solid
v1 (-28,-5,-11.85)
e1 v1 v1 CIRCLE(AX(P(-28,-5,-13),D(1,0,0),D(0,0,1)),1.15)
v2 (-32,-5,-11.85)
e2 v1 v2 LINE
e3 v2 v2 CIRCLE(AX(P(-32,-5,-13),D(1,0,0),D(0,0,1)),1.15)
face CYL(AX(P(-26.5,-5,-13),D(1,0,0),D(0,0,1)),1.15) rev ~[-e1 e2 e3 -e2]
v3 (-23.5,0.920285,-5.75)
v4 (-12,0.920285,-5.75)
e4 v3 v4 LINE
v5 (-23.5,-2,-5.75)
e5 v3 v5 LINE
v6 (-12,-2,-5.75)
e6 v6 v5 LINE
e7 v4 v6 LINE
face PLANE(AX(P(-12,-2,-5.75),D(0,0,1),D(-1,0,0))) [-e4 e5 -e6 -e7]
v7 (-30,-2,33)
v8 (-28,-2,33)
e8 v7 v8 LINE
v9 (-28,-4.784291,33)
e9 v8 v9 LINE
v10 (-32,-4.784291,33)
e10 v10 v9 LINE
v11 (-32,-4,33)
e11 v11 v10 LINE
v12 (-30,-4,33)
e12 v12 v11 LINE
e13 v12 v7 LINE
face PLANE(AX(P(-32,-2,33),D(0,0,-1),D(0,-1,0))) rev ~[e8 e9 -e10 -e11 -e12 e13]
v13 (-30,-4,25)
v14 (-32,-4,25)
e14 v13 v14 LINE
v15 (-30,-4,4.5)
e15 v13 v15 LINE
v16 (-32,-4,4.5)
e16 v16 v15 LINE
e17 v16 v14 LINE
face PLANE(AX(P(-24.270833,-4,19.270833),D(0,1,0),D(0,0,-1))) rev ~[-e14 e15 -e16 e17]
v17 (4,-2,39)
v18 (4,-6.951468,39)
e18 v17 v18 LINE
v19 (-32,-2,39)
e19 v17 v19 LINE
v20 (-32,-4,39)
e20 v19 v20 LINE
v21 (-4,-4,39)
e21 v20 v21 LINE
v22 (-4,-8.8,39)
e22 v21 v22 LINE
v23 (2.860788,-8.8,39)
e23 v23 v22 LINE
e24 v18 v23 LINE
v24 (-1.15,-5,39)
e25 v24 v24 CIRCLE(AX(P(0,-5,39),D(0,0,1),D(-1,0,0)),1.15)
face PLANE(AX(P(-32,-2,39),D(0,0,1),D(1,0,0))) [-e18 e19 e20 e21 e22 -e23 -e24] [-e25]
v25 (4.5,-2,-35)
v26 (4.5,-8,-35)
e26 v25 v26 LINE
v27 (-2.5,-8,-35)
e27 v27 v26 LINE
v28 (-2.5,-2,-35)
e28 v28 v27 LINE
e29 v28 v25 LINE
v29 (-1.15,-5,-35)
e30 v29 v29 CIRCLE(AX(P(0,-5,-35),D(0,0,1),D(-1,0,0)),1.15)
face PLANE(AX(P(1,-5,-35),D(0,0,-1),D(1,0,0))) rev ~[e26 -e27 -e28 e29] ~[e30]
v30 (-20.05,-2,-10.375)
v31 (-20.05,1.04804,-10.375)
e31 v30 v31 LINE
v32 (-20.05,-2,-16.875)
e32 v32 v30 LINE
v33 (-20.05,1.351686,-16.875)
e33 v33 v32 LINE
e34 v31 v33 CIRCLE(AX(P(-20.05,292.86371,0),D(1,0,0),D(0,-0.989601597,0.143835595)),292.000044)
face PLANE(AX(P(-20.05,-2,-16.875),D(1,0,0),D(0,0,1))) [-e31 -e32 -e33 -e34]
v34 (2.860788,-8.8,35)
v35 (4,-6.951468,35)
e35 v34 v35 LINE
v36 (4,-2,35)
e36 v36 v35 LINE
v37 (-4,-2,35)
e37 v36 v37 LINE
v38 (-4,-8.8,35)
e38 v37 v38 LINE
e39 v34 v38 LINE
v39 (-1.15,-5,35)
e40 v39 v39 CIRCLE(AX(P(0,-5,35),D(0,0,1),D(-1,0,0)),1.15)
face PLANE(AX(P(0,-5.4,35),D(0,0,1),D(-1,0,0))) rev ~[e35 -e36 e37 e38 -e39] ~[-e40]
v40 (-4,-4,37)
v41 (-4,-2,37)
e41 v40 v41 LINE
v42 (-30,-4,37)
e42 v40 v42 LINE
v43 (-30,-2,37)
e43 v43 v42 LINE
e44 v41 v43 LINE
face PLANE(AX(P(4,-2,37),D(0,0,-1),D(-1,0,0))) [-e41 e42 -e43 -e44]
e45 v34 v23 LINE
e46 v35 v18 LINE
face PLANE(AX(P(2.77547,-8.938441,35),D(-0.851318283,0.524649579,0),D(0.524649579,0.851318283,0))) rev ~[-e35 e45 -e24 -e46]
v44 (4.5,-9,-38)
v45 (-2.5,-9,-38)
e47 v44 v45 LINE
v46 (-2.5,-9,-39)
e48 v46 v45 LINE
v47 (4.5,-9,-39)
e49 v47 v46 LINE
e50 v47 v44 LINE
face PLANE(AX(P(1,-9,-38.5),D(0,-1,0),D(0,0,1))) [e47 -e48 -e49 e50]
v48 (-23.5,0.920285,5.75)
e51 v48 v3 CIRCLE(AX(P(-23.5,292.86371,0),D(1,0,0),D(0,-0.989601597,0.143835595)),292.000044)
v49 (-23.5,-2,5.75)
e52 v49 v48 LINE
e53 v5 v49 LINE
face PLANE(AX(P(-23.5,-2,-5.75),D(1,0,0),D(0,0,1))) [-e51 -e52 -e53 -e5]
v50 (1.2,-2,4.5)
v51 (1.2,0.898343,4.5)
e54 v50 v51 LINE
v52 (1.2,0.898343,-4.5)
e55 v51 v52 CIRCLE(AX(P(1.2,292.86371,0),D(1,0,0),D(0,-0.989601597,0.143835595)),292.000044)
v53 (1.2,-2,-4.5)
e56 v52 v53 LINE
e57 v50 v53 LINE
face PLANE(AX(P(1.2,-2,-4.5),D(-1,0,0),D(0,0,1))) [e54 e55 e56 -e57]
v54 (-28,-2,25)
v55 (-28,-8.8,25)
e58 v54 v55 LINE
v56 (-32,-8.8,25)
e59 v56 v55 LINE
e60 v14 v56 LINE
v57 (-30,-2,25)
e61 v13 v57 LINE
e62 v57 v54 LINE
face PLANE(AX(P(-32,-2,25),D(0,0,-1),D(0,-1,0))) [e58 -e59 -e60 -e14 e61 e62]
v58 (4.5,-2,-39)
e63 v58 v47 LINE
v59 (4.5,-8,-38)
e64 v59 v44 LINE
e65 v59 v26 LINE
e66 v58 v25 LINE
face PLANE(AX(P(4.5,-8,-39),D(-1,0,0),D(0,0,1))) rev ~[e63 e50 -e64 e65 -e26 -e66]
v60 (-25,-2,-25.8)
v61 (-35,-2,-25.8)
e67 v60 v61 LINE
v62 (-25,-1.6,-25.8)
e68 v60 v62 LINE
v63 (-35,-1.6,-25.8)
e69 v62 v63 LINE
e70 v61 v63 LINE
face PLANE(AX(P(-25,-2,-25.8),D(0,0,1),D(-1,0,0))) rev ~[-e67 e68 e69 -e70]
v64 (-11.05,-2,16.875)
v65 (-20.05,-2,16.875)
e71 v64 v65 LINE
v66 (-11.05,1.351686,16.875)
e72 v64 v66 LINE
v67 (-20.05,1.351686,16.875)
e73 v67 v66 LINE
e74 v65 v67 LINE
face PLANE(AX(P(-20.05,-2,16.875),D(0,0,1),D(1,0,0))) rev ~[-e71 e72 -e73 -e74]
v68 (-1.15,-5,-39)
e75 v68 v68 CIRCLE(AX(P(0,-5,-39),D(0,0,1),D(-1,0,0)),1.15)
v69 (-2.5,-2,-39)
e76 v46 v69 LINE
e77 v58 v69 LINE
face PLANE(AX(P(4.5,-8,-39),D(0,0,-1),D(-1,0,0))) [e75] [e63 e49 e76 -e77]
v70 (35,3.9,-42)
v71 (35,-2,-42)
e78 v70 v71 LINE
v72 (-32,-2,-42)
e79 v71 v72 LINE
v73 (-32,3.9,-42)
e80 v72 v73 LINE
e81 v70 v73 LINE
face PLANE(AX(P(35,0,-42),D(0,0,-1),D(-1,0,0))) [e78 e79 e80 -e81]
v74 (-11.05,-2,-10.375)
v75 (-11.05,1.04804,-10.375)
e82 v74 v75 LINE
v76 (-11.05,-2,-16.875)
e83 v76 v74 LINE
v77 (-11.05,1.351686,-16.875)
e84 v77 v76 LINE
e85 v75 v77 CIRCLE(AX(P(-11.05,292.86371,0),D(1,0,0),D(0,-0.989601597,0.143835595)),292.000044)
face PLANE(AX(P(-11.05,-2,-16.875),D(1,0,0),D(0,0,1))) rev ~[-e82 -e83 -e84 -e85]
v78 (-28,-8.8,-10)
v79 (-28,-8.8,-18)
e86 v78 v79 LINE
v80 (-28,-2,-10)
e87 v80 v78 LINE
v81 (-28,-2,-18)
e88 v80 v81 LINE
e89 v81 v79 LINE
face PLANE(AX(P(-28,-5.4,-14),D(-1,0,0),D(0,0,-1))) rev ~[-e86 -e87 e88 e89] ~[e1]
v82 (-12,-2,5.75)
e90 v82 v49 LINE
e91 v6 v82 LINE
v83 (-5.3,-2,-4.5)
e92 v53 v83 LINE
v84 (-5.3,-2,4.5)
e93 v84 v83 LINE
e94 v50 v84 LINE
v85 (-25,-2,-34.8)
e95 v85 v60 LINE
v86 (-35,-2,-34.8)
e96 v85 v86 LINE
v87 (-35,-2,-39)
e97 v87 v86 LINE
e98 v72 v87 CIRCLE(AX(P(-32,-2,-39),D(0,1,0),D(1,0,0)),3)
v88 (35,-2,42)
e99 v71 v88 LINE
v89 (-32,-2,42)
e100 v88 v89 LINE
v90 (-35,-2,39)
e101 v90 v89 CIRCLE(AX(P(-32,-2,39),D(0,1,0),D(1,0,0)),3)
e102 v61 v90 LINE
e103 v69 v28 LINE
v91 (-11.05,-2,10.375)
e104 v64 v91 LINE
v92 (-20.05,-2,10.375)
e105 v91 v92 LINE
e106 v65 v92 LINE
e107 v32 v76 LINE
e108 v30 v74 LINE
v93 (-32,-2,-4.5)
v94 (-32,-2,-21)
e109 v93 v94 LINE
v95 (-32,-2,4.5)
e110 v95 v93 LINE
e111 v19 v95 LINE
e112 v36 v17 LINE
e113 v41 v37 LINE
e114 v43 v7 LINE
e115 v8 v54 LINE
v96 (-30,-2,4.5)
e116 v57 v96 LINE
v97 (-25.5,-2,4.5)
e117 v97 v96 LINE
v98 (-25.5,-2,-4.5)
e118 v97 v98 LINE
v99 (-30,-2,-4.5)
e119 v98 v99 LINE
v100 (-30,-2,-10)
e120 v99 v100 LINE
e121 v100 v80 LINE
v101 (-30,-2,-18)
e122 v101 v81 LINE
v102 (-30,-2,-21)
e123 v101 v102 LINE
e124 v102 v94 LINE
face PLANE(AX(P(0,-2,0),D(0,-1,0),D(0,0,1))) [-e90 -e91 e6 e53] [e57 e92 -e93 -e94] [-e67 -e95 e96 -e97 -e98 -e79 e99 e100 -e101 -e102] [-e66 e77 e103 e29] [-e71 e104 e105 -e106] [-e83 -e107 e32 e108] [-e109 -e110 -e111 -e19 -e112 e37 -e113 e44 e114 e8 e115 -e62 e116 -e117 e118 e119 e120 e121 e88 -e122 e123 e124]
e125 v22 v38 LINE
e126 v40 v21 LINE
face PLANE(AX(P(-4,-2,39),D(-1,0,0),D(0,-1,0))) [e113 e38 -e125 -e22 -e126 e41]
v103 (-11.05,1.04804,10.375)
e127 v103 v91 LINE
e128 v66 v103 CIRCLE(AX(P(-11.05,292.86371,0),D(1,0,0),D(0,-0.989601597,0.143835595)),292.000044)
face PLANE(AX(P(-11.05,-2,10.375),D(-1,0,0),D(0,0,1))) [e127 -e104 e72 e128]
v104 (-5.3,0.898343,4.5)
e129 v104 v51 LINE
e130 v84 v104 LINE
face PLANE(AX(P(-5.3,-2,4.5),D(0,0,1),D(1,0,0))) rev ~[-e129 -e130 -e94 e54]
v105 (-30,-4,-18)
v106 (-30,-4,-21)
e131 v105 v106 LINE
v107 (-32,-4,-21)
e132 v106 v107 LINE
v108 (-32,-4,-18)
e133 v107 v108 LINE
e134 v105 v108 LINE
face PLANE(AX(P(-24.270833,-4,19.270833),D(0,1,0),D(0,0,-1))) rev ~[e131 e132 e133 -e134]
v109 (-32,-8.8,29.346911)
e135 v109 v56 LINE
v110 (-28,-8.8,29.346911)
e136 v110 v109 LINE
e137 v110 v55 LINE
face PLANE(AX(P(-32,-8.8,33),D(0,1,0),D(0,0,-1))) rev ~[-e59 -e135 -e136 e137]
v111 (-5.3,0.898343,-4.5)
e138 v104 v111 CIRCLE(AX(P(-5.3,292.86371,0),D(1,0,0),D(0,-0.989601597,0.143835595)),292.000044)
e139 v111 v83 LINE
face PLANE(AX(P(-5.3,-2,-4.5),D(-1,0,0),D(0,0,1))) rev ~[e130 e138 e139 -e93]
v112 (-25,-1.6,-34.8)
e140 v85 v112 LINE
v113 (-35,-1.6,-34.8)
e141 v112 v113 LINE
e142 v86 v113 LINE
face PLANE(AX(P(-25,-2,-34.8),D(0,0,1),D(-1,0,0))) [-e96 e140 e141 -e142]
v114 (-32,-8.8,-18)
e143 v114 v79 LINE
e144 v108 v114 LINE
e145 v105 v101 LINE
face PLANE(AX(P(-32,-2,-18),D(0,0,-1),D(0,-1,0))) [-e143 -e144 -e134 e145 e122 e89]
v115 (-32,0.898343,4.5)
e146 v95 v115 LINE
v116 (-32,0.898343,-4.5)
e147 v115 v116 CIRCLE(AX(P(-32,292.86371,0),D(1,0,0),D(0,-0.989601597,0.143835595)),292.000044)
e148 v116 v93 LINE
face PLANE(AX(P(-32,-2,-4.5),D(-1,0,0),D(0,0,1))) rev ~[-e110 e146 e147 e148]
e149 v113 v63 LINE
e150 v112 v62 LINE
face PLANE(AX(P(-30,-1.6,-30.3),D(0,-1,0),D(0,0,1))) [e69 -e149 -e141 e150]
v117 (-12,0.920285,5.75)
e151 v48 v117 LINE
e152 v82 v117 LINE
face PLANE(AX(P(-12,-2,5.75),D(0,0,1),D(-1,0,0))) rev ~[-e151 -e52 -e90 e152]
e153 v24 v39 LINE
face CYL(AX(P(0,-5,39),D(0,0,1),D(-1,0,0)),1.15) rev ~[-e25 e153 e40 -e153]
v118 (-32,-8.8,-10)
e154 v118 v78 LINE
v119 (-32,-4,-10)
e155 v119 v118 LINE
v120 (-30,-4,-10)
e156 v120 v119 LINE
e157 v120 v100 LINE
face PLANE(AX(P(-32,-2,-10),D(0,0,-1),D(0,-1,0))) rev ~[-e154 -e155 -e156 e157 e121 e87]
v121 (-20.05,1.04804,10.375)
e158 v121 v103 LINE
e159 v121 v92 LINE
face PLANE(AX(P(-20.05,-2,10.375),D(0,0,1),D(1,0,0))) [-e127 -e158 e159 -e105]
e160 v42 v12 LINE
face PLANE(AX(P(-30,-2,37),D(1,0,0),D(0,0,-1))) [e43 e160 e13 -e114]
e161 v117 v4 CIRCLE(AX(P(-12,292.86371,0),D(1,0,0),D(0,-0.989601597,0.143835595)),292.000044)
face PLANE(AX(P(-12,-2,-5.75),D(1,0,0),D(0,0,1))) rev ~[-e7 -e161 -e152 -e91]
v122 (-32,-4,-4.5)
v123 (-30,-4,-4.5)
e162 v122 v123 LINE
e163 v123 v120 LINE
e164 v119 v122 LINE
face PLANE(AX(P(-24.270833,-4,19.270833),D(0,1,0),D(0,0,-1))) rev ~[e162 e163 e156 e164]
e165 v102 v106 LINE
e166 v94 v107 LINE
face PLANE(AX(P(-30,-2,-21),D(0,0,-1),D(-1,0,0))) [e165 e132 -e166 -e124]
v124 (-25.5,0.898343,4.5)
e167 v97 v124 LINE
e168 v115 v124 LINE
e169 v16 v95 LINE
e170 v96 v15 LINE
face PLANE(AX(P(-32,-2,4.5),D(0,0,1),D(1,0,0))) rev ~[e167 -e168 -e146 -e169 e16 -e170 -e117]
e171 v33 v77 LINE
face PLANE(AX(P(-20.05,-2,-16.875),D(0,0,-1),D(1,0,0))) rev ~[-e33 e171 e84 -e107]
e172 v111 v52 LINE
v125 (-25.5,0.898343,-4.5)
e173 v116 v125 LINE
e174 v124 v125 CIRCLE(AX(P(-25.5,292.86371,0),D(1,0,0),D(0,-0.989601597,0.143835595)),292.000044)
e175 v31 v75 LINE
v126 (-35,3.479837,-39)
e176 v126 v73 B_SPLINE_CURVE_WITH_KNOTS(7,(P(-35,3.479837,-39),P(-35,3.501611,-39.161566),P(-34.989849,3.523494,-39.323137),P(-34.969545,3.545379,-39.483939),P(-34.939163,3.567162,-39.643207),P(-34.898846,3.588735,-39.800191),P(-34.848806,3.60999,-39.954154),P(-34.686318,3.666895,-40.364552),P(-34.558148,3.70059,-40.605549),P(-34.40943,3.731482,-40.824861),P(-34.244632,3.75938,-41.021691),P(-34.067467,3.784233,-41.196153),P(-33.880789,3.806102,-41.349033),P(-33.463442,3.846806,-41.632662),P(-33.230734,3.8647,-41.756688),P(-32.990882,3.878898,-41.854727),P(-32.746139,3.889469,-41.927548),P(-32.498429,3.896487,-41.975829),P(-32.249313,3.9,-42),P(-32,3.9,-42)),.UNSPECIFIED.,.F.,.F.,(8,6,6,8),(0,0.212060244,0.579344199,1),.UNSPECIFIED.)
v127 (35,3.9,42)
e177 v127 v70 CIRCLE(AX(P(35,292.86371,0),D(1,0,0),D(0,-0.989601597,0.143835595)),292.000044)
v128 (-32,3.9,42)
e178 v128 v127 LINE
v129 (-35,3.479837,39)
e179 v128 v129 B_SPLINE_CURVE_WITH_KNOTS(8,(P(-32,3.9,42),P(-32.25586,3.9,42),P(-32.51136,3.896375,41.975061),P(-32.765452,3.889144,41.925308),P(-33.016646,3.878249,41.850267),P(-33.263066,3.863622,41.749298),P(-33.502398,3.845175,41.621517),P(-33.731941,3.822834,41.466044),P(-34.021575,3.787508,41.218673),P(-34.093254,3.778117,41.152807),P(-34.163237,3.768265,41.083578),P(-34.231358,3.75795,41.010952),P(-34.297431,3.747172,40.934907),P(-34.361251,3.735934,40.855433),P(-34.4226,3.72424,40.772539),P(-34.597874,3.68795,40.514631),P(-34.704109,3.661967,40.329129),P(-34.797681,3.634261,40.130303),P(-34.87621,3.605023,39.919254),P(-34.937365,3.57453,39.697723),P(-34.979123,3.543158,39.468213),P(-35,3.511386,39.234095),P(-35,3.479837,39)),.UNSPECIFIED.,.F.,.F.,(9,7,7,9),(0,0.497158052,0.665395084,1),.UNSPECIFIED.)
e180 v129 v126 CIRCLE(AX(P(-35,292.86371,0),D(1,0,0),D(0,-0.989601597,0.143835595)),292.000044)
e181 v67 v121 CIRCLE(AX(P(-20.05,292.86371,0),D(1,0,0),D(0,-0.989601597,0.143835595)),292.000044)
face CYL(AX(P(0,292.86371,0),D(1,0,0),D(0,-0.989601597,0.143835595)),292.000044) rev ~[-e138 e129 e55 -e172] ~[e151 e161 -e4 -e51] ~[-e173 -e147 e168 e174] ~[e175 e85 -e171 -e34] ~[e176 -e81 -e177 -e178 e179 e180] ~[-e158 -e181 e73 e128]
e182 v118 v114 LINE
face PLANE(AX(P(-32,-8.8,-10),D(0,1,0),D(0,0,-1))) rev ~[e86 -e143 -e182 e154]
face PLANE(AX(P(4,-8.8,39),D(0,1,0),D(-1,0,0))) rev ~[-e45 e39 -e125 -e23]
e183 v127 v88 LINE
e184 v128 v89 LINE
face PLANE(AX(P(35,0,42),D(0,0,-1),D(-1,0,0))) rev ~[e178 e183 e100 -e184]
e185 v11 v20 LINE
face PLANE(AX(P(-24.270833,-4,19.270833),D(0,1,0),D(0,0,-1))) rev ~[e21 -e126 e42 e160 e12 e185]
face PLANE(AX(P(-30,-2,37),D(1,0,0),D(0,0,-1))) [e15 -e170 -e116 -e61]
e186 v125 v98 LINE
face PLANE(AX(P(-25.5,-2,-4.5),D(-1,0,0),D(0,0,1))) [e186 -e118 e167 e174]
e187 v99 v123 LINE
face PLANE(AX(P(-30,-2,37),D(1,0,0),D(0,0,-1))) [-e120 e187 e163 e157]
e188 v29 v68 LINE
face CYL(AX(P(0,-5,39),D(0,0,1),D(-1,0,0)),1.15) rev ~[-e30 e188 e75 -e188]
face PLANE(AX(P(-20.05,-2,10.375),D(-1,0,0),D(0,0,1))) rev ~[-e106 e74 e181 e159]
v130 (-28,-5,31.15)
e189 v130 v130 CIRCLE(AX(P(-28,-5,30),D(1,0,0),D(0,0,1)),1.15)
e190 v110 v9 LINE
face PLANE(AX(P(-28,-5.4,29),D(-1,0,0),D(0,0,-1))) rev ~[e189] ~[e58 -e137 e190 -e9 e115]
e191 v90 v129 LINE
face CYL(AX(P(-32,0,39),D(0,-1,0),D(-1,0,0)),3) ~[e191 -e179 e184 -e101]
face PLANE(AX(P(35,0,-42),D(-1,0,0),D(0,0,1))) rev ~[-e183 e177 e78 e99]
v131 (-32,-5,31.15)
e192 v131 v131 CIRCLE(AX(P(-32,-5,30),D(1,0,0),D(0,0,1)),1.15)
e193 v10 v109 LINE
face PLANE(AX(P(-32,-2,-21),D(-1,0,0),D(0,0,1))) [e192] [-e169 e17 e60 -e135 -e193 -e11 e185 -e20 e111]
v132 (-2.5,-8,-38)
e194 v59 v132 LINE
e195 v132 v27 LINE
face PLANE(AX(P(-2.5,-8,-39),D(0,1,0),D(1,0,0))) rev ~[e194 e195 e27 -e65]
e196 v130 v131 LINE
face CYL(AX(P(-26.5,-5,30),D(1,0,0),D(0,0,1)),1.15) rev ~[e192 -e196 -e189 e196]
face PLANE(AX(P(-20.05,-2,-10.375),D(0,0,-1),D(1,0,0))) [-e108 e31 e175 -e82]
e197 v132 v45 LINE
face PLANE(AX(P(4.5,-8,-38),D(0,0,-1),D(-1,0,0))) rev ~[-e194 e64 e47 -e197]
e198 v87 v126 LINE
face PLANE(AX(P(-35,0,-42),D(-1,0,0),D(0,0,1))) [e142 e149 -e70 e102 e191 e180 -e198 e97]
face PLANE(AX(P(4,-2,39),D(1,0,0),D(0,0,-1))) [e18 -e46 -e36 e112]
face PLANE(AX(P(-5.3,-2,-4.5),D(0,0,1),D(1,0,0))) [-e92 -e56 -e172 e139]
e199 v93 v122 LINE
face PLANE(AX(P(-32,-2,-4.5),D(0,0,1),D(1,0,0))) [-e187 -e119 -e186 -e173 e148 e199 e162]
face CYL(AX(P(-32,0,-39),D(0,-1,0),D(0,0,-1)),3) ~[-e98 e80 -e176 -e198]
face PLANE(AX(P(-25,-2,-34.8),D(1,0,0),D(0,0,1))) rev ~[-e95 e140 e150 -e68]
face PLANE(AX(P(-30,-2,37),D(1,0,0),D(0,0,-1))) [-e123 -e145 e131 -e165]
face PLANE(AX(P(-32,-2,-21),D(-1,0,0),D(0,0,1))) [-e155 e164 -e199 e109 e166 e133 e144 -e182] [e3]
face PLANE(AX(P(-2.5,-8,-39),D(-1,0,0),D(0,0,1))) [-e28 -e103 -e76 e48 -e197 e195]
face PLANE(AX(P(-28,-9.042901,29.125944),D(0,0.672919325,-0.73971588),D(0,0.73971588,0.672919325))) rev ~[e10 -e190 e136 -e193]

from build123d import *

# Parameters (mm, degrees)
SKETCH009_W             = 84
SKETCH009_H             = 70
PAD002_DEPTH            = 2
SKETCH010_W             = 2
SKETCH010_H             = 7
PAD003_DEPTH            = 2
SKETCH012_W             = 8
SKETCH012_H             = 6.8
PAD004_DEPTH            = 4
SKETCH013_W             = 7
SKETCH013_H             = 6
PAD005_DEPTH            = 4
SKETCH011_W             = 8
SKETCH011_H             = 6.8
PAD006_DEPTH            = 4
SKETCH014_R             = 1.15
POCKET002_DEPTH         = 81.001
SKETCH016_R             = 1.15
POCKET003_DEPTH         = 8.501
SKETCH018_W             = 11.5
SKETCH018_H             = 11.5
POCKET004_DEPTH         = 5
POCKET005_DEPTH         = 5
POCKET006_DEPTH         = 5
SKETCH021_W             = 1
SKETCH021_H             = 7
PAD007_DEPTH            = 1
SKETCH022_W             = 9
SKETCH022_H             = 10
POCKET007_DEPTH         = 0.4
FILLET_R                = 3
BODY002_PITCH_ANGLE     = -90
BODY002_PLACEMENT_ANGLE = 90
PAD001_DEPTH            = 35
SKETCH007_W             = 11.5
SKETCH007_H             = 11.5
POCKET001_DEPTH         = 13
FILLET001_R             = 3
SKETCH025_W             = 6.5
SKETCH025_H             = 9
SKETCH025_W_2           = 9
SKETCH025_H_2           = 6.5
POCKET008_DEPTH         = 8


with BuildPart() as back:
    # Sketch009 → Pad002 (new body)
    with BuildSketch(Plane.XY):
        Rectangle(SKETCH009_W, SKETCH009_H)
    extrude(amount=PAD002_DEPTH)

    # Sketch010 (on Face6 of Pad002) → Pad003 (join)
    with BuildSketch(Plane.XY.offset(2)):
        with Locations((-38, -1)):
            Rectangle(SKETCH010_W, SKETCH010_H)
        Polygon((-21, 32), (39, 32), (39, -4), (37, -4), (37, 30), (-21, 30), align=None)
    extrude(amount=PAD003_DEPTH)

    # Sketch012 (on Face15 of Pad003) → Pad004 (join)
    with BuildSketch(Plane.YZ.offset(39)):
        with Locations((0, 5.4)):
            Rectangle(SKETCH012_W, SKETCH012_H)
    extrude(amount=-PAD004_DEPTH)

    # Sketch013 (on Face9 of Pad004) → Pad005 (join)
    with BuildSketch(Plane(origin=(-39, 0, 0), x_dir=(0, -1, 0), z_dir=(-1, 0, 0))):
        with Locations((1, 5)):
            Rectangle(SKETCH013_W, SKETCH013_H)
    extrude(amount=-PAD005_DEPTH)

    # Sketch011 (on Face16 of Pad003) → Pad006 (join)
    with BuildSketch(Plane(origin=(0, 32, 0), x_dir=(-1, 0, 0), z_dir=(0, 1, 0))):
        with Locations((-29, 5.4)):
            Rectangle(SKETCH011_W, SKETCH011_H)
        with Locations((14, 5.4)):
            Rectangle(SKETCH011_W, SKETCH011_H)
    extrude(amount=-PAD006_DEPTH)

    # Sketch014 (on Face44 of Pad006) → Pocket002 (cut, through all)
    with BuildSketch(Plane.YZ.offset(39)):
        with Locations((0, 5)):
            Circle(SKETCH014_R)
    extrude(amount=-POCKET002_DEPTH, mode=Mode.SUBTRACT)

    # Sketch016 → Pocket003 (cut, through all)
    with BuildSketch(Plane.XZ.offset(-26.5)):
        with Locations((-13, 5)):
            Circle(SKETCH016_R)
        with Locations((30, 5)):
            Circle(SKETCH016_R)
    extrude(amount=-POCKET003_DEPTH, mode=Mode.SUBTRACT)

    # Sketch018 (on Face5 of Pocket003) → Pocket004 (cut)
    with BuildSketch(Plane.XY.offset(2)):
        with Locations((0, 17.75)):
            Rectangle(SKETCH018_W, SKETCH018_H)
    extrude(amount=-POCKET004_DEPTH, mode=Mode.SUBTRACT)

    # Sketch019 (on Face31 of Pocket004) → Pocket005 (cut)
    with BuildSketch(Plane.XZ.offset(-28)):
        Polygon((29.125944, 9.042901), (33.258869, 4.499726), (33.258869, 9.042901), align=None)
    extrude(amount=-POCKET005_DEPTH, mode=Mode.SUBTRACT)

    # Sketch020 (on Face36 of Pocket005) → Pocket006 (cut)
    with BuildSketch(Plane(origin=(35, 0, 0), x_dir=(0, -1, 0), z_dir=(-1, 0, 0))):
        Polygon((2.77547, 8.938441), (6.386171, 3.079567), (6.386171, 8.938441), align=None)
    extrude(amount=-POCKET006_DEPTH, mode=Mode.SUBTRACT)

    # Sketch021 (on Face40 of Pocket006) → Pad007 (join)
    with BuildSketch(Plane.XY.offset(8)):
        with Locations((-38.5, -1)):
            Rectangle(SKETCH021_W, SKETCH021_H)
    extrude(amount=PAD007_DEPTH)

    # Sketch022 (on Face5 of Pocket005) → Pocket007 (cut)
    with BuildSketch(Plane.XY.offset(2)):
        with Locations((-30.3, 30)):
            Rectangle(SKETCH022_W, SKETCH022_H)
    extrude(amount=-POCKET007_DEPTH, mode=Mode.SUBTRACT)

    # Fillet
    fillet_edges = [back.edges().sort_by_distance(p)[0] for p in [
        (42, 35, 1),
        (-42, 35, 1),
    ]]
    fillet(fillet_edges, radius=FILLET_R)


with BuildPart() as back_1:
    # Body002 pitch: moved
    add(back.part.rotate(Axis((0, 0, 0), (0, 1, 0)), BODY002_PITCH_ANGLE))


with BuildPart() as back_2:
    # Body002 placement: moved
    add(back_1.part.rotate(Axis((0, 0, 0), (0, 0, 1)), BODY002_PLACEMENT_ANGLE))


with BuildPart() as curve:
    # Sketch006 → Pad001 (new body, symmetric)
    with BuildSketch(Plane(origin=(0, 0, 0), x_dir=(0, 0, -1), z_dir=(1, 0, 0))):
        with BuildLine():
            ThreePointArc((-42, 3.9), (0, 0.863666), (42, 3.9))
            Line((42, -0.1), (42, 3.9))
            Line((-42, -0.1), (42, -0.1))
            Line((-42, 3.9), (-42, -0.1))
        make_face()
    extrude(amount=PAD001_DEPTH, both=True)

    # Sketch007 (on Face3 of Pad001) → Pocket001 (cut)
    with BuildSketch(Plane.XZ.offset(0.1)):
        with Locations((-17.75, 0)):
            Rectangle(SKETCH007_W, SKETCH007_H)
    extrude(amount=-POCKET001_DEPTH, mode=Mode.SUBTRACT)

    # Fillet001
    fillet001_edges = [curve.edges().sort_by_distance(p)[0] for p in [
        (-35, 1.9, -42),
        (-35, 1.9, 42),
    ]]
    fillet(fillet001_edges, radius=FILLET001_R)

    # Boolean: union Back
    add(back_2.part)

    # Sketch025 (on Face32 of Boolean) → Pocket008 (cut, symmetric)
    with BuildSketch(Plane.XZ.offset(2)):
        with Locations((-28.75, 0)):
            Rectangle(SKETCH025_W, SKETCH025_H)
        with Locations((-15.55, 13.625)):
            Rectangle(SKETCH025_W_2, SKETCH025_H_2)
        with Locations((-2.05, 0)):
            Rectangle(SKETCH025_W, SKETCH025_H)
        with Locations((-15.55, -13.625)):
            Rectangle(SKETCH025_W_2, SKETCH025_H_2)
    extrude(amount=POCKET008_DEPTH, both=True, mode=Mode.SUBTRACT)


solid = curve.part
